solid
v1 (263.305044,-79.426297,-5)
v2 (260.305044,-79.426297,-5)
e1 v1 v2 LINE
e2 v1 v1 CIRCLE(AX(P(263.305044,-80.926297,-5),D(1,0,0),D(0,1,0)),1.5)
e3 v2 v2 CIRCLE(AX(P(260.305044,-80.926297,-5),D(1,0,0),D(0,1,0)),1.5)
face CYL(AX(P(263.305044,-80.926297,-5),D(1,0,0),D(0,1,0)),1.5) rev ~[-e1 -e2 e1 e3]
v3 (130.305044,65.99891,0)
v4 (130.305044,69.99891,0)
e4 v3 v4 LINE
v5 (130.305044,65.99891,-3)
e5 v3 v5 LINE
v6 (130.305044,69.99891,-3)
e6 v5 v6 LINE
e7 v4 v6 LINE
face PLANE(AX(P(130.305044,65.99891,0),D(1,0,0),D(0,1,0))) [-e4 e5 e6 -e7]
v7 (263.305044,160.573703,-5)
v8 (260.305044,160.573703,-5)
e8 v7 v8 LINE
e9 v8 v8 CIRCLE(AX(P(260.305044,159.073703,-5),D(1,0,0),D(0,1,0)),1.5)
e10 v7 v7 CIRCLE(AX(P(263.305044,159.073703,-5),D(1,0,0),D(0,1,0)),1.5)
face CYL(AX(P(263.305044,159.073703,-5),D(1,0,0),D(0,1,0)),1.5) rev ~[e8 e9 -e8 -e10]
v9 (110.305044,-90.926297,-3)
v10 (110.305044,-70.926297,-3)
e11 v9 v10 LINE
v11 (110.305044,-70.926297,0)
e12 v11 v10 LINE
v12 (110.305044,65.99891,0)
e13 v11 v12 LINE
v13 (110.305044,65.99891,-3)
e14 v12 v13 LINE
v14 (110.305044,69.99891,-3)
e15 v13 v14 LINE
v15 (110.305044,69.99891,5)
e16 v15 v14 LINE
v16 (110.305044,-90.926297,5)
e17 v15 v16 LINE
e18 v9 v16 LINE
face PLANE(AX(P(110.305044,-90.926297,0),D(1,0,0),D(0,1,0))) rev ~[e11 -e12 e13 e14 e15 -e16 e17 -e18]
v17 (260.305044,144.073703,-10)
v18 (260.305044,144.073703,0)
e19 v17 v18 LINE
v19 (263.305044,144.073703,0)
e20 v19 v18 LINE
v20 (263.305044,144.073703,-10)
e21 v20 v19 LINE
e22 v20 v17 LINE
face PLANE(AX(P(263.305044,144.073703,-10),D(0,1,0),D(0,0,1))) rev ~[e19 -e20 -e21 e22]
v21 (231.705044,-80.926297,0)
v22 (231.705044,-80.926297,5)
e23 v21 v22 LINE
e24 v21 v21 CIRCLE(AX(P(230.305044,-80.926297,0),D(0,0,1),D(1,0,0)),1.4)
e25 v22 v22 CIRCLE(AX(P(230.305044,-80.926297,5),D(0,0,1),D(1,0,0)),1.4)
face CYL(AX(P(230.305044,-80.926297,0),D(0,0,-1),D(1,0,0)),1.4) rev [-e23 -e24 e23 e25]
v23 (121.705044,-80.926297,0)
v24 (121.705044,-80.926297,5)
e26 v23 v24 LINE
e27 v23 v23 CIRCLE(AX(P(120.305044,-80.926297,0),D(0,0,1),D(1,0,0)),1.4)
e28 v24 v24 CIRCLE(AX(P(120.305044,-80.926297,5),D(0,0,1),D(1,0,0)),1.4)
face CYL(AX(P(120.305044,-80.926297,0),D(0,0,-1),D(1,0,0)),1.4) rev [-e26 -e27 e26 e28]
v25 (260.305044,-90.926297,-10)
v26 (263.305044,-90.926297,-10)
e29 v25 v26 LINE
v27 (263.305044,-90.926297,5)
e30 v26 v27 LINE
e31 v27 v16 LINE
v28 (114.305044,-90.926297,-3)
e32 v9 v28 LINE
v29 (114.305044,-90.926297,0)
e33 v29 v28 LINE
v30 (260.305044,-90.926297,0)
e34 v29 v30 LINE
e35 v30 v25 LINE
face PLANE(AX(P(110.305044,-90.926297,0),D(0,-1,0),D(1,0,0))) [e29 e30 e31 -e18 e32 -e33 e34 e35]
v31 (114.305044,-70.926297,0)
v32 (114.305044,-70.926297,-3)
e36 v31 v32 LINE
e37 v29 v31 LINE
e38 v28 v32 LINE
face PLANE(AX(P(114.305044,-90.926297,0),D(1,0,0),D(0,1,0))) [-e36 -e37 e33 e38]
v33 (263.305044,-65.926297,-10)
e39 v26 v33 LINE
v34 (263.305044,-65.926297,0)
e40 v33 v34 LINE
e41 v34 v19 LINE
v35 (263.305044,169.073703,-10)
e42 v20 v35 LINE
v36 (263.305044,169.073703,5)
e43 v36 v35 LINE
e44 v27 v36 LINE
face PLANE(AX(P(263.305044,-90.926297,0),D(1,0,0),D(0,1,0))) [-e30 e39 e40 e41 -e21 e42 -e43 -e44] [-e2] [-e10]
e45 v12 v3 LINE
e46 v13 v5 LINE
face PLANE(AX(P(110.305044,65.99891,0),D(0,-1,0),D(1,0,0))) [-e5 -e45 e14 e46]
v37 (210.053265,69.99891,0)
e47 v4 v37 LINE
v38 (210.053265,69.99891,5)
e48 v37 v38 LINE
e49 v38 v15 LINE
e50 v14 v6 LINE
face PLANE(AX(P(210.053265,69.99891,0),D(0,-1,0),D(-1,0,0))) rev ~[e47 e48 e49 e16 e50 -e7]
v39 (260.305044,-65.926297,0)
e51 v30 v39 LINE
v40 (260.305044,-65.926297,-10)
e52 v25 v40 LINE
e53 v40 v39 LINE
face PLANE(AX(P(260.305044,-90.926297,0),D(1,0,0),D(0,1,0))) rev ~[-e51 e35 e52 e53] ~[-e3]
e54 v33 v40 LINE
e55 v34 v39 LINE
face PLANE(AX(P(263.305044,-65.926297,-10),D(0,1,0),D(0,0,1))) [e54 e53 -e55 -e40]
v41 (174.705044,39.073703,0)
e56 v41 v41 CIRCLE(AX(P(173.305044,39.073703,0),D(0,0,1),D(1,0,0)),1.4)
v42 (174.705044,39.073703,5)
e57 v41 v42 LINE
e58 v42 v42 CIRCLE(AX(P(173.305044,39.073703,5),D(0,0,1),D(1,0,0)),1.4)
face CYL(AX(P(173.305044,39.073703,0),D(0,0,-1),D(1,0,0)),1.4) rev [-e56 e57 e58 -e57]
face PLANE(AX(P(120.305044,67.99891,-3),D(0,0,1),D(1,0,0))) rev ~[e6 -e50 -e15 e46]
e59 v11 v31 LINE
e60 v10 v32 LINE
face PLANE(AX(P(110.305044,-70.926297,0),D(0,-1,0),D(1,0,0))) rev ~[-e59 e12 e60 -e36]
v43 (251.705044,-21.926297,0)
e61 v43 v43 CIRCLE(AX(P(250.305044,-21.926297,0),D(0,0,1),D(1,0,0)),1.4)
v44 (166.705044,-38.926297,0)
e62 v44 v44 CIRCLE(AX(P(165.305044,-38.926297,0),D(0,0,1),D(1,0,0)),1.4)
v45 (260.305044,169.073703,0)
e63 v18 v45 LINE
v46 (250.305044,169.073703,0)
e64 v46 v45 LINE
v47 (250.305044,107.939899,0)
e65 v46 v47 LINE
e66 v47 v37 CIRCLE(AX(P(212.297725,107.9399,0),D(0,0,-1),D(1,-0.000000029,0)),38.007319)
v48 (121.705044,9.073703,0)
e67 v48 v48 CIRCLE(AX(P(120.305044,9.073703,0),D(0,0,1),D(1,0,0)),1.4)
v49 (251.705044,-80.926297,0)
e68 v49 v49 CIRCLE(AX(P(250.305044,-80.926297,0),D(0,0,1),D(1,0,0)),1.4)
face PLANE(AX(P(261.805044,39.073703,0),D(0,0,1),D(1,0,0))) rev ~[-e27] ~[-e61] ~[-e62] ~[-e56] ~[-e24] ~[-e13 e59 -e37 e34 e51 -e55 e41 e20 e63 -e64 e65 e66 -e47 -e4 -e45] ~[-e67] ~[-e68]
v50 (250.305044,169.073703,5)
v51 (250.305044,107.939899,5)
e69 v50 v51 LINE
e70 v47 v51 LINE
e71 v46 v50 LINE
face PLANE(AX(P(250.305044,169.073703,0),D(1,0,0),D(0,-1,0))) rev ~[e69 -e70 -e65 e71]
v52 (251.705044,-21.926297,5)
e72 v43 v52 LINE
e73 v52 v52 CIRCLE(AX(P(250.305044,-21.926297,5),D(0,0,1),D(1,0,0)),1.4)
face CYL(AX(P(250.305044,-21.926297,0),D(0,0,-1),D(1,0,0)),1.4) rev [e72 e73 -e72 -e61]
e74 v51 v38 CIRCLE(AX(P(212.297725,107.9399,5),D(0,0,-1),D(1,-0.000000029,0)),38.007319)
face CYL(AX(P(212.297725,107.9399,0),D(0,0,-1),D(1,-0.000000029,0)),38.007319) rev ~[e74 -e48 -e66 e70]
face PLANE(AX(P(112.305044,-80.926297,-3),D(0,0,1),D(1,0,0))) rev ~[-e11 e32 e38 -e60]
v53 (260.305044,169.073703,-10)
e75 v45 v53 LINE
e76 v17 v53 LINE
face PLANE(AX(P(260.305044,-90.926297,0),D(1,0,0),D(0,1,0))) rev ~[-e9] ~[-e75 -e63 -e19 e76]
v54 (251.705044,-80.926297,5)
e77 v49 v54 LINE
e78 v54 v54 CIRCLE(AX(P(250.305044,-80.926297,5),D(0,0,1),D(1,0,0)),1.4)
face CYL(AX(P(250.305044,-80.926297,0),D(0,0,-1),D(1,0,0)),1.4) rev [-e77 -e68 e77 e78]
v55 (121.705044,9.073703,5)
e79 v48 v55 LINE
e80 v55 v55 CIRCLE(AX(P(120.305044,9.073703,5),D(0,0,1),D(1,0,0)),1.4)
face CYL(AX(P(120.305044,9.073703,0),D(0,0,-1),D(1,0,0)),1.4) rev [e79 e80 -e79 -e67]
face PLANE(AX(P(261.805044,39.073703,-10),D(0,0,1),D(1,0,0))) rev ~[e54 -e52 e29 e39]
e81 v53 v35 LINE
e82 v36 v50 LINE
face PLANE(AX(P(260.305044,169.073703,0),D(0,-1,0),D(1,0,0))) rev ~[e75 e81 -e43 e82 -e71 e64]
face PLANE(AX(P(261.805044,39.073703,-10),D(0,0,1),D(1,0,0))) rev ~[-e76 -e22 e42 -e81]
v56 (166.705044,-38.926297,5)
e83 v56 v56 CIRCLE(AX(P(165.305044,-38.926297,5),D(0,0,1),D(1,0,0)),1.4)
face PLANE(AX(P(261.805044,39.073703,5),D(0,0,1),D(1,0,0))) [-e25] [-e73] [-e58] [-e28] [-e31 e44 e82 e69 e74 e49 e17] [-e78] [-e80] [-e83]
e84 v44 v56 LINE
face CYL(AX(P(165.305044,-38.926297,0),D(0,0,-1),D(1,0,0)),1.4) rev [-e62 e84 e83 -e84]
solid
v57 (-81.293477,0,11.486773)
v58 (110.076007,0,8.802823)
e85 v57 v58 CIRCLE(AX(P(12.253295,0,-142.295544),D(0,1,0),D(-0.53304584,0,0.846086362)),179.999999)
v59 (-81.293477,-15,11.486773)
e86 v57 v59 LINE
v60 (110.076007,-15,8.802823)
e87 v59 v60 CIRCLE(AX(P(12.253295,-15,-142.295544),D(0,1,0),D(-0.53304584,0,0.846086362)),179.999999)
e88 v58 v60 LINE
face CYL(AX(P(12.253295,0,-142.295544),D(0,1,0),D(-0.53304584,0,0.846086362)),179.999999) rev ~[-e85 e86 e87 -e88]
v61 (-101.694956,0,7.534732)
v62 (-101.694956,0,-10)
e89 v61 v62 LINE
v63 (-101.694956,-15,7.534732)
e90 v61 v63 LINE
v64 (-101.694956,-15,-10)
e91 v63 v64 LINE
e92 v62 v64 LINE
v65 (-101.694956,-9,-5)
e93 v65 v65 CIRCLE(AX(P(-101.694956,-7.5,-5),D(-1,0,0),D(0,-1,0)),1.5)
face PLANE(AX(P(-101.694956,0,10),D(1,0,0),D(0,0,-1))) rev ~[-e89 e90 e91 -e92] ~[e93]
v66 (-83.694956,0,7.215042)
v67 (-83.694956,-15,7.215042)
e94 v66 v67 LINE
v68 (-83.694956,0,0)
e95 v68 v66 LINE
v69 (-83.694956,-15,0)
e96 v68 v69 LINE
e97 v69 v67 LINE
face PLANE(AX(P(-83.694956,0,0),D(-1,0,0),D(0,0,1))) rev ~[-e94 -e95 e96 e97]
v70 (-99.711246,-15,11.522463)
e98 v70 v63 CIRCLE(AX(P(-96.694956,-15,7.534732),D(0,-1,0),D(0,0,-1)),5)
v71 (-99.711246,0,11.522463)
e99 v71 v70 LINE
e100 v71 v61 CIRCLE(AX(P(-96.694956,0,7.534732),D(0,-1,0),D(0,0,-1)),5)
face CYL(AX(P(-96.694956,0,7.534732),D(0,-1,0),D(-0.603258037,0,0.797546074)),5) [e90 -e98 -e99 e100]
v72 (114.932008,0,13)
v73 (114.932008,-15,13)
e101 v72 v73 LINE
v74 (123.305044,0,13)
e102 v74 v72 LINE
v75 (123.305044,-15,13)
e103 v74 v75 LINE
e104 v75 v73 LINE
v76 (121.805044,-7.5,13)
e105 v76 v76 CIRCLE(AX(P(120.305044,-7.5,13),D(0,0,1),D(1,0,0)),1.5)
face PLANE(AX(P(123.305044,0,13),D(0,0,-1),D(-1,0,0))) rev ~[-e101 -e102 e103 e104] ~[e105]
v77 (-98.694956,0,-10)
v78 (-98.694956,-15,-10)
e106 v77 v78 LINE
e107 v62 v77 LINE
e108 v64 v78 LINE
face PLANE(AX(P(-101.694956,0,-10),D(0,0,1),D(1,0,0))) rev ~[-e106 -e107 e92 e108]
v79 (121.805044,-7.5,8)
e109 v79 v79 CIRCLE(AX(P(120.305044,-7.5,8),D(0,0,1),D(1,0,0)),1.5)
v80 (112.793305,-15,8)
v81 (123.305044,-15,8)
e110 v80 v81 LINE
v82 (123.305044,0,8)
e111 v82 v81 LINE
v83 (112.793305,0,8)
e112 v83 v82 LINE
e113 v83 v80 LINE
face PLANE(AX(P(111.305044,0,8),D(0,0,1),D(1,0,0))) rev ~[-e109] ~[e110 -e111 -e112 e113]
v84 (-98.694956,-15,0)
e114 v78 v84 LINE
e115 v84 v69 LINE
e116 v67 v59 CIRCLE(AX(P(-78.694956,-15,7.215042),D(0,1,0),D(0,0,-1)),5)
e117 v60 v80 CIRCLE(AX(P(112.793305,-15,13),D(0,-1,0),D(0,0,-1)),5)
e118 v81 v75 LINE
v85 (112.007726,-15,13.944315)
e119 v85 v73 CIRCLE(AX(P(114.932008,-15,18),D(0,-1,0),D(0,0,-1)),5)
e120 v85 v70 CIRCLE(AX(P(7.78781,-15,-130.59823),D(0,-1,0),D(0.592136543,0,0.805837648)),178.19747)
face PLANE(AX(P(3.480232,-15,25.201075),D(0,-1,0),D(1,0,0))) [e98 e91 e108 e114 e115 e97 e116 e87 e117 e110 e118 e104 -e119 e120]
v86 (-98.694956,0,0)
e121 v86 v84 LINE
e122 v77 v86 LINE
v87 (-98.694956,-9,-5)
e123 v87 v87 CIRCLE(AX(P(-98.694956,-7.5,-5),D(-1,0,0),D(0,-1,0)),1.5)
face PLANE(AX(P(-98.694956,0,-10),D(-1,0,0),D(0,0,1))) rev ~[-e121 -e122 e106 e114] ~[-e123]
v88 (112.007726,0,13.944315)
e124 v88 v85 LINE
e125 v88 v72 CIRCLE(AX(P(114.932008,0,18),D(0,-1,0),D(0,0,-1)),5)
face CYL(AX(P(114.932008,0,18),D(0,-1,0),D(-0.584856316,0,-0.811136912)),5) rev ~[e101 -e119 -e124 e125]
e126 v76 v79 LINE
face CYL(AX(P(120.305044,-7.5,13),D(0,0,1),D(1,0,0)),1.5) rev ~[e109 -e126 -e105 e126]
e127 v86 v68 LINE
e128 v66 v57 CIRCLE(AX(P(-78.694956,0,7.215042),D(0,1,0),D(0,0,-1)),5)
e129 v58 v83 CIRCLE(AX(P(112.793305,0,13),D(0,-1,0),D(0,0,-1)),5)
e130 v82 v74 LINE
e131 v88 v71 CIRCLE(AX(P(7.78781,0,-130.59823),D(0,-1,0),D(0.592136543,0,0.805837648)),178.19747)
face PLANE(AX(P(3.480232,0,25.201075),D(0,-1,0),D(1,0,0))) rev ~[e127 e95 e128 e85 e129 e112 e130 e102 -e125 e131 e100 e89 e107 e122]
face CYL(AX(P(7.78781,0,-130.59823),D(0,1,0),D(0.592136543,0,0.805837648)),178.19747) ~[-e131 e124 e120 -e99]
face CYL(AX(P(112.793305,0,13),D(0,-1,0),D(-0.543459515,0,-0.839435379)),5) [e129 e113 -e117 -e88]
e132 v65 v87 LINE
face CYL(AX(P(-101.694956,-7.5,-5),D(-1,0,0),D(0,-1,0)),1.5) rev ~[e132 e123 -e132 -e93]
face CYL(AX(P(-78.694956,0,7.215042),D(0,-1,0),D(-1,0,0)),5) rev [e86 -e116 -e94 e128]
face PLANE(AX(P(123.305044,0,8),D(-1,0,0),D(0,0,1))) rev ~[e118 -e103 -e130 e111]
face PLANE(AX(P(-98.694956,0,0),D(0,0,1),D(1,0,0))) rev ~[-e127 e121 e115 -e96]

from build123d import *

# Parameters (mm, degrees)
F0_R      = 1.4
F1_DEPTH  = 5
F2_W      = 3
F2_H      = 260
F2_W_2    = 4
F2_H_2    = 20
F2_W_3    = 20
F2_H_3    = 4
F3_DEPTH  = 5
F4_DEPTH  = 10
F5_R      = 1.5
F5_W      = 210
F5_H      = 10
F6_DEPTH  = 3
F7_DEPTH  = 3
F9_DEPTH  = 15
F10_R     = 1.5
F11_DEPTH = 3
F12_R     = 1.5
F13_DEPTH = 5
F14_R     = 5


with BuildPart() as f1:
    # F0 (on Top) → F1 (new body)
    with BuildSketch(Plane.XY):
        with BuildLine():
            Line((260.305044, -90.926297), (260.305044, 169.073703))
            Line((260.305044, 169.073703), (250.305044, 169.073703))
            Line((250.305044, 169.073703), (250.305044, 107.939899))
            ThreePointArc((250.305044, 107.939899), (238.367347, 80.282512), (210.053265, 69.99891))
            Line((210.053265, 69.99891), (110.305044, 69.99891))
            Line((110.305044, 69.99891), (110.305044, -90.926297))
            Line((110.305044, -90.926297), (260.305044, -90.926297))
        make_face()
        with Locations((120.305044, -80.926297)):
            Circle(F0_R, mode=Mode.SUBTRACT)
        with Locations((165.305044, -38.926297)):
            Circle(F0_R, mode=Mode.SUBTRACT)
        with Locations((120.305044, 9.073703)):
            Circle(F0_R, mode=Mode.SUBTRACT)
        with Locations((173.305044, 39.073703)):
            Circle(F0_R, mode=Mode.SUBTRACT)
        with Locations((230.305044, -80.926297)):
            Circle(F0_R, mode=Mode.SUBTRACT)
        with Locations((250.305044, -80.926297)):
            Circle(F0_R, mode=Mode.SUBTRACT)
        with Locations((250.305044, -21.926297)):
            Circle(F0_R, mode=Mode.SUBTRACT)
    extrude(amount=F1_DEPTH)

    # F2 (on Top) → F3 (join)
    with BuildSketch(Plane.XY):
        with Locations((261.805044, 39.073703)):
            Rectangle(F2_W, F2_H)
        with Locations((112.305044, -80.926297)):
            Rectangle(F2_W_2, F2_H_2)
        with Locations((120.305044, 67.99891)):
            Rectangle(F2_W_3, F2_H_3)
    extrude(amount=F3_DEPTH)

    # F2 (on Top) → F4 (join)
    with BuildSketch(Plane.XY):
        with Locations((261.805044, 39.073703)):
            Rectangle(F2_W, F2_H)
    extrude(amount=-F4_DEPTH)

    # F5 (on face) → F6 (cut)
    with BuildSketch(Plane.YZ.offset(263.305044)):
        with Locations((-80.926297, -5)):
            Circle(F5_R)
        with Locations((159.073703, -5)):
            Circle(F5_R)
        with Locations((39.073703, -5)):
            Rectangle(F5_W, F5_H)
    extrude(amount=-F6_DEPTH, mode=Mode.SUBTRACT)

    # F2 (on Top) → F7 (join)
    with BuildSketch(Plane.XY):
        with Locations((112.305044, -80.926297)):
            Rectangle(F2_W_2, F2_H_2)
        with Locations((120.305044, 67.99891)):
            Rectangle(F2_W_3, F2_H_3)
    extrude(amount=-F7_DEPTH)


with BuildPart() as f9:
    # F8 (on Front) → F9 (new body)
    with BuildSketch(Plane.XZ):
        with BuildLine():
            ThreePointArc((113.305044, 13), (5.301575, 47.581895), (-101.694956, 10))
            Line((-101.694956, 10), (-101.694956, -10))
            Line((-101.694956, -10), (-98.694956, -10))
            Line((-98.694956, -10), (-98.694956, 0))
            Line((-98.694956, 0), (-83.694956, 0))
            Line((-83.694956, 0), (-83.694956, 10))
            ThreePointArc((-83.694956, 10), (14.099351, 37.694988), (111.305044, 8))
            Line((111.305044, 8), (123.305044, 8))
            Line((123.305044, 8), (123.305044, 13))
            Line((123.305044, 13), (113.305044, 13))
        make_face()
    extrude(amount=F9_DEPTH)

    # F10 (on face) → F11 (cut)
    with BuildSketch(Plane(origin=(-101.694956, 0, 0), x_dir=(0, -1, 0), z_dir=(-1, 0, 0))):
        with Locations((7.5, -5)):
            Circle(F10_R)
    extrude(amount=-F11_DEPTH, mode=Mode.SUBTRACT)

    # F12 (on face) → F13 (cut)
    with BuildSketch(Plane.XY.offset(13)):
        with Locations((120.305044, -7.5)):
            Circle(F12_R)
    extrude(amount=-F13_DEPTH, mode=Mode.SUBTRACT)

    # F14
    f14_edges = [f9.edges().sort_by_distance(p)[0] for p in [
        (-83.694956, -7.5, 10),
        (113.305044, -7.5, 13),
        (111.305044, -7.5, 8),
        (-101.694956, -7.5, 10),
    ]]
    fillet(f14_edges, radius=F14_R)


solid = Compound([f1.part, f9.part])
